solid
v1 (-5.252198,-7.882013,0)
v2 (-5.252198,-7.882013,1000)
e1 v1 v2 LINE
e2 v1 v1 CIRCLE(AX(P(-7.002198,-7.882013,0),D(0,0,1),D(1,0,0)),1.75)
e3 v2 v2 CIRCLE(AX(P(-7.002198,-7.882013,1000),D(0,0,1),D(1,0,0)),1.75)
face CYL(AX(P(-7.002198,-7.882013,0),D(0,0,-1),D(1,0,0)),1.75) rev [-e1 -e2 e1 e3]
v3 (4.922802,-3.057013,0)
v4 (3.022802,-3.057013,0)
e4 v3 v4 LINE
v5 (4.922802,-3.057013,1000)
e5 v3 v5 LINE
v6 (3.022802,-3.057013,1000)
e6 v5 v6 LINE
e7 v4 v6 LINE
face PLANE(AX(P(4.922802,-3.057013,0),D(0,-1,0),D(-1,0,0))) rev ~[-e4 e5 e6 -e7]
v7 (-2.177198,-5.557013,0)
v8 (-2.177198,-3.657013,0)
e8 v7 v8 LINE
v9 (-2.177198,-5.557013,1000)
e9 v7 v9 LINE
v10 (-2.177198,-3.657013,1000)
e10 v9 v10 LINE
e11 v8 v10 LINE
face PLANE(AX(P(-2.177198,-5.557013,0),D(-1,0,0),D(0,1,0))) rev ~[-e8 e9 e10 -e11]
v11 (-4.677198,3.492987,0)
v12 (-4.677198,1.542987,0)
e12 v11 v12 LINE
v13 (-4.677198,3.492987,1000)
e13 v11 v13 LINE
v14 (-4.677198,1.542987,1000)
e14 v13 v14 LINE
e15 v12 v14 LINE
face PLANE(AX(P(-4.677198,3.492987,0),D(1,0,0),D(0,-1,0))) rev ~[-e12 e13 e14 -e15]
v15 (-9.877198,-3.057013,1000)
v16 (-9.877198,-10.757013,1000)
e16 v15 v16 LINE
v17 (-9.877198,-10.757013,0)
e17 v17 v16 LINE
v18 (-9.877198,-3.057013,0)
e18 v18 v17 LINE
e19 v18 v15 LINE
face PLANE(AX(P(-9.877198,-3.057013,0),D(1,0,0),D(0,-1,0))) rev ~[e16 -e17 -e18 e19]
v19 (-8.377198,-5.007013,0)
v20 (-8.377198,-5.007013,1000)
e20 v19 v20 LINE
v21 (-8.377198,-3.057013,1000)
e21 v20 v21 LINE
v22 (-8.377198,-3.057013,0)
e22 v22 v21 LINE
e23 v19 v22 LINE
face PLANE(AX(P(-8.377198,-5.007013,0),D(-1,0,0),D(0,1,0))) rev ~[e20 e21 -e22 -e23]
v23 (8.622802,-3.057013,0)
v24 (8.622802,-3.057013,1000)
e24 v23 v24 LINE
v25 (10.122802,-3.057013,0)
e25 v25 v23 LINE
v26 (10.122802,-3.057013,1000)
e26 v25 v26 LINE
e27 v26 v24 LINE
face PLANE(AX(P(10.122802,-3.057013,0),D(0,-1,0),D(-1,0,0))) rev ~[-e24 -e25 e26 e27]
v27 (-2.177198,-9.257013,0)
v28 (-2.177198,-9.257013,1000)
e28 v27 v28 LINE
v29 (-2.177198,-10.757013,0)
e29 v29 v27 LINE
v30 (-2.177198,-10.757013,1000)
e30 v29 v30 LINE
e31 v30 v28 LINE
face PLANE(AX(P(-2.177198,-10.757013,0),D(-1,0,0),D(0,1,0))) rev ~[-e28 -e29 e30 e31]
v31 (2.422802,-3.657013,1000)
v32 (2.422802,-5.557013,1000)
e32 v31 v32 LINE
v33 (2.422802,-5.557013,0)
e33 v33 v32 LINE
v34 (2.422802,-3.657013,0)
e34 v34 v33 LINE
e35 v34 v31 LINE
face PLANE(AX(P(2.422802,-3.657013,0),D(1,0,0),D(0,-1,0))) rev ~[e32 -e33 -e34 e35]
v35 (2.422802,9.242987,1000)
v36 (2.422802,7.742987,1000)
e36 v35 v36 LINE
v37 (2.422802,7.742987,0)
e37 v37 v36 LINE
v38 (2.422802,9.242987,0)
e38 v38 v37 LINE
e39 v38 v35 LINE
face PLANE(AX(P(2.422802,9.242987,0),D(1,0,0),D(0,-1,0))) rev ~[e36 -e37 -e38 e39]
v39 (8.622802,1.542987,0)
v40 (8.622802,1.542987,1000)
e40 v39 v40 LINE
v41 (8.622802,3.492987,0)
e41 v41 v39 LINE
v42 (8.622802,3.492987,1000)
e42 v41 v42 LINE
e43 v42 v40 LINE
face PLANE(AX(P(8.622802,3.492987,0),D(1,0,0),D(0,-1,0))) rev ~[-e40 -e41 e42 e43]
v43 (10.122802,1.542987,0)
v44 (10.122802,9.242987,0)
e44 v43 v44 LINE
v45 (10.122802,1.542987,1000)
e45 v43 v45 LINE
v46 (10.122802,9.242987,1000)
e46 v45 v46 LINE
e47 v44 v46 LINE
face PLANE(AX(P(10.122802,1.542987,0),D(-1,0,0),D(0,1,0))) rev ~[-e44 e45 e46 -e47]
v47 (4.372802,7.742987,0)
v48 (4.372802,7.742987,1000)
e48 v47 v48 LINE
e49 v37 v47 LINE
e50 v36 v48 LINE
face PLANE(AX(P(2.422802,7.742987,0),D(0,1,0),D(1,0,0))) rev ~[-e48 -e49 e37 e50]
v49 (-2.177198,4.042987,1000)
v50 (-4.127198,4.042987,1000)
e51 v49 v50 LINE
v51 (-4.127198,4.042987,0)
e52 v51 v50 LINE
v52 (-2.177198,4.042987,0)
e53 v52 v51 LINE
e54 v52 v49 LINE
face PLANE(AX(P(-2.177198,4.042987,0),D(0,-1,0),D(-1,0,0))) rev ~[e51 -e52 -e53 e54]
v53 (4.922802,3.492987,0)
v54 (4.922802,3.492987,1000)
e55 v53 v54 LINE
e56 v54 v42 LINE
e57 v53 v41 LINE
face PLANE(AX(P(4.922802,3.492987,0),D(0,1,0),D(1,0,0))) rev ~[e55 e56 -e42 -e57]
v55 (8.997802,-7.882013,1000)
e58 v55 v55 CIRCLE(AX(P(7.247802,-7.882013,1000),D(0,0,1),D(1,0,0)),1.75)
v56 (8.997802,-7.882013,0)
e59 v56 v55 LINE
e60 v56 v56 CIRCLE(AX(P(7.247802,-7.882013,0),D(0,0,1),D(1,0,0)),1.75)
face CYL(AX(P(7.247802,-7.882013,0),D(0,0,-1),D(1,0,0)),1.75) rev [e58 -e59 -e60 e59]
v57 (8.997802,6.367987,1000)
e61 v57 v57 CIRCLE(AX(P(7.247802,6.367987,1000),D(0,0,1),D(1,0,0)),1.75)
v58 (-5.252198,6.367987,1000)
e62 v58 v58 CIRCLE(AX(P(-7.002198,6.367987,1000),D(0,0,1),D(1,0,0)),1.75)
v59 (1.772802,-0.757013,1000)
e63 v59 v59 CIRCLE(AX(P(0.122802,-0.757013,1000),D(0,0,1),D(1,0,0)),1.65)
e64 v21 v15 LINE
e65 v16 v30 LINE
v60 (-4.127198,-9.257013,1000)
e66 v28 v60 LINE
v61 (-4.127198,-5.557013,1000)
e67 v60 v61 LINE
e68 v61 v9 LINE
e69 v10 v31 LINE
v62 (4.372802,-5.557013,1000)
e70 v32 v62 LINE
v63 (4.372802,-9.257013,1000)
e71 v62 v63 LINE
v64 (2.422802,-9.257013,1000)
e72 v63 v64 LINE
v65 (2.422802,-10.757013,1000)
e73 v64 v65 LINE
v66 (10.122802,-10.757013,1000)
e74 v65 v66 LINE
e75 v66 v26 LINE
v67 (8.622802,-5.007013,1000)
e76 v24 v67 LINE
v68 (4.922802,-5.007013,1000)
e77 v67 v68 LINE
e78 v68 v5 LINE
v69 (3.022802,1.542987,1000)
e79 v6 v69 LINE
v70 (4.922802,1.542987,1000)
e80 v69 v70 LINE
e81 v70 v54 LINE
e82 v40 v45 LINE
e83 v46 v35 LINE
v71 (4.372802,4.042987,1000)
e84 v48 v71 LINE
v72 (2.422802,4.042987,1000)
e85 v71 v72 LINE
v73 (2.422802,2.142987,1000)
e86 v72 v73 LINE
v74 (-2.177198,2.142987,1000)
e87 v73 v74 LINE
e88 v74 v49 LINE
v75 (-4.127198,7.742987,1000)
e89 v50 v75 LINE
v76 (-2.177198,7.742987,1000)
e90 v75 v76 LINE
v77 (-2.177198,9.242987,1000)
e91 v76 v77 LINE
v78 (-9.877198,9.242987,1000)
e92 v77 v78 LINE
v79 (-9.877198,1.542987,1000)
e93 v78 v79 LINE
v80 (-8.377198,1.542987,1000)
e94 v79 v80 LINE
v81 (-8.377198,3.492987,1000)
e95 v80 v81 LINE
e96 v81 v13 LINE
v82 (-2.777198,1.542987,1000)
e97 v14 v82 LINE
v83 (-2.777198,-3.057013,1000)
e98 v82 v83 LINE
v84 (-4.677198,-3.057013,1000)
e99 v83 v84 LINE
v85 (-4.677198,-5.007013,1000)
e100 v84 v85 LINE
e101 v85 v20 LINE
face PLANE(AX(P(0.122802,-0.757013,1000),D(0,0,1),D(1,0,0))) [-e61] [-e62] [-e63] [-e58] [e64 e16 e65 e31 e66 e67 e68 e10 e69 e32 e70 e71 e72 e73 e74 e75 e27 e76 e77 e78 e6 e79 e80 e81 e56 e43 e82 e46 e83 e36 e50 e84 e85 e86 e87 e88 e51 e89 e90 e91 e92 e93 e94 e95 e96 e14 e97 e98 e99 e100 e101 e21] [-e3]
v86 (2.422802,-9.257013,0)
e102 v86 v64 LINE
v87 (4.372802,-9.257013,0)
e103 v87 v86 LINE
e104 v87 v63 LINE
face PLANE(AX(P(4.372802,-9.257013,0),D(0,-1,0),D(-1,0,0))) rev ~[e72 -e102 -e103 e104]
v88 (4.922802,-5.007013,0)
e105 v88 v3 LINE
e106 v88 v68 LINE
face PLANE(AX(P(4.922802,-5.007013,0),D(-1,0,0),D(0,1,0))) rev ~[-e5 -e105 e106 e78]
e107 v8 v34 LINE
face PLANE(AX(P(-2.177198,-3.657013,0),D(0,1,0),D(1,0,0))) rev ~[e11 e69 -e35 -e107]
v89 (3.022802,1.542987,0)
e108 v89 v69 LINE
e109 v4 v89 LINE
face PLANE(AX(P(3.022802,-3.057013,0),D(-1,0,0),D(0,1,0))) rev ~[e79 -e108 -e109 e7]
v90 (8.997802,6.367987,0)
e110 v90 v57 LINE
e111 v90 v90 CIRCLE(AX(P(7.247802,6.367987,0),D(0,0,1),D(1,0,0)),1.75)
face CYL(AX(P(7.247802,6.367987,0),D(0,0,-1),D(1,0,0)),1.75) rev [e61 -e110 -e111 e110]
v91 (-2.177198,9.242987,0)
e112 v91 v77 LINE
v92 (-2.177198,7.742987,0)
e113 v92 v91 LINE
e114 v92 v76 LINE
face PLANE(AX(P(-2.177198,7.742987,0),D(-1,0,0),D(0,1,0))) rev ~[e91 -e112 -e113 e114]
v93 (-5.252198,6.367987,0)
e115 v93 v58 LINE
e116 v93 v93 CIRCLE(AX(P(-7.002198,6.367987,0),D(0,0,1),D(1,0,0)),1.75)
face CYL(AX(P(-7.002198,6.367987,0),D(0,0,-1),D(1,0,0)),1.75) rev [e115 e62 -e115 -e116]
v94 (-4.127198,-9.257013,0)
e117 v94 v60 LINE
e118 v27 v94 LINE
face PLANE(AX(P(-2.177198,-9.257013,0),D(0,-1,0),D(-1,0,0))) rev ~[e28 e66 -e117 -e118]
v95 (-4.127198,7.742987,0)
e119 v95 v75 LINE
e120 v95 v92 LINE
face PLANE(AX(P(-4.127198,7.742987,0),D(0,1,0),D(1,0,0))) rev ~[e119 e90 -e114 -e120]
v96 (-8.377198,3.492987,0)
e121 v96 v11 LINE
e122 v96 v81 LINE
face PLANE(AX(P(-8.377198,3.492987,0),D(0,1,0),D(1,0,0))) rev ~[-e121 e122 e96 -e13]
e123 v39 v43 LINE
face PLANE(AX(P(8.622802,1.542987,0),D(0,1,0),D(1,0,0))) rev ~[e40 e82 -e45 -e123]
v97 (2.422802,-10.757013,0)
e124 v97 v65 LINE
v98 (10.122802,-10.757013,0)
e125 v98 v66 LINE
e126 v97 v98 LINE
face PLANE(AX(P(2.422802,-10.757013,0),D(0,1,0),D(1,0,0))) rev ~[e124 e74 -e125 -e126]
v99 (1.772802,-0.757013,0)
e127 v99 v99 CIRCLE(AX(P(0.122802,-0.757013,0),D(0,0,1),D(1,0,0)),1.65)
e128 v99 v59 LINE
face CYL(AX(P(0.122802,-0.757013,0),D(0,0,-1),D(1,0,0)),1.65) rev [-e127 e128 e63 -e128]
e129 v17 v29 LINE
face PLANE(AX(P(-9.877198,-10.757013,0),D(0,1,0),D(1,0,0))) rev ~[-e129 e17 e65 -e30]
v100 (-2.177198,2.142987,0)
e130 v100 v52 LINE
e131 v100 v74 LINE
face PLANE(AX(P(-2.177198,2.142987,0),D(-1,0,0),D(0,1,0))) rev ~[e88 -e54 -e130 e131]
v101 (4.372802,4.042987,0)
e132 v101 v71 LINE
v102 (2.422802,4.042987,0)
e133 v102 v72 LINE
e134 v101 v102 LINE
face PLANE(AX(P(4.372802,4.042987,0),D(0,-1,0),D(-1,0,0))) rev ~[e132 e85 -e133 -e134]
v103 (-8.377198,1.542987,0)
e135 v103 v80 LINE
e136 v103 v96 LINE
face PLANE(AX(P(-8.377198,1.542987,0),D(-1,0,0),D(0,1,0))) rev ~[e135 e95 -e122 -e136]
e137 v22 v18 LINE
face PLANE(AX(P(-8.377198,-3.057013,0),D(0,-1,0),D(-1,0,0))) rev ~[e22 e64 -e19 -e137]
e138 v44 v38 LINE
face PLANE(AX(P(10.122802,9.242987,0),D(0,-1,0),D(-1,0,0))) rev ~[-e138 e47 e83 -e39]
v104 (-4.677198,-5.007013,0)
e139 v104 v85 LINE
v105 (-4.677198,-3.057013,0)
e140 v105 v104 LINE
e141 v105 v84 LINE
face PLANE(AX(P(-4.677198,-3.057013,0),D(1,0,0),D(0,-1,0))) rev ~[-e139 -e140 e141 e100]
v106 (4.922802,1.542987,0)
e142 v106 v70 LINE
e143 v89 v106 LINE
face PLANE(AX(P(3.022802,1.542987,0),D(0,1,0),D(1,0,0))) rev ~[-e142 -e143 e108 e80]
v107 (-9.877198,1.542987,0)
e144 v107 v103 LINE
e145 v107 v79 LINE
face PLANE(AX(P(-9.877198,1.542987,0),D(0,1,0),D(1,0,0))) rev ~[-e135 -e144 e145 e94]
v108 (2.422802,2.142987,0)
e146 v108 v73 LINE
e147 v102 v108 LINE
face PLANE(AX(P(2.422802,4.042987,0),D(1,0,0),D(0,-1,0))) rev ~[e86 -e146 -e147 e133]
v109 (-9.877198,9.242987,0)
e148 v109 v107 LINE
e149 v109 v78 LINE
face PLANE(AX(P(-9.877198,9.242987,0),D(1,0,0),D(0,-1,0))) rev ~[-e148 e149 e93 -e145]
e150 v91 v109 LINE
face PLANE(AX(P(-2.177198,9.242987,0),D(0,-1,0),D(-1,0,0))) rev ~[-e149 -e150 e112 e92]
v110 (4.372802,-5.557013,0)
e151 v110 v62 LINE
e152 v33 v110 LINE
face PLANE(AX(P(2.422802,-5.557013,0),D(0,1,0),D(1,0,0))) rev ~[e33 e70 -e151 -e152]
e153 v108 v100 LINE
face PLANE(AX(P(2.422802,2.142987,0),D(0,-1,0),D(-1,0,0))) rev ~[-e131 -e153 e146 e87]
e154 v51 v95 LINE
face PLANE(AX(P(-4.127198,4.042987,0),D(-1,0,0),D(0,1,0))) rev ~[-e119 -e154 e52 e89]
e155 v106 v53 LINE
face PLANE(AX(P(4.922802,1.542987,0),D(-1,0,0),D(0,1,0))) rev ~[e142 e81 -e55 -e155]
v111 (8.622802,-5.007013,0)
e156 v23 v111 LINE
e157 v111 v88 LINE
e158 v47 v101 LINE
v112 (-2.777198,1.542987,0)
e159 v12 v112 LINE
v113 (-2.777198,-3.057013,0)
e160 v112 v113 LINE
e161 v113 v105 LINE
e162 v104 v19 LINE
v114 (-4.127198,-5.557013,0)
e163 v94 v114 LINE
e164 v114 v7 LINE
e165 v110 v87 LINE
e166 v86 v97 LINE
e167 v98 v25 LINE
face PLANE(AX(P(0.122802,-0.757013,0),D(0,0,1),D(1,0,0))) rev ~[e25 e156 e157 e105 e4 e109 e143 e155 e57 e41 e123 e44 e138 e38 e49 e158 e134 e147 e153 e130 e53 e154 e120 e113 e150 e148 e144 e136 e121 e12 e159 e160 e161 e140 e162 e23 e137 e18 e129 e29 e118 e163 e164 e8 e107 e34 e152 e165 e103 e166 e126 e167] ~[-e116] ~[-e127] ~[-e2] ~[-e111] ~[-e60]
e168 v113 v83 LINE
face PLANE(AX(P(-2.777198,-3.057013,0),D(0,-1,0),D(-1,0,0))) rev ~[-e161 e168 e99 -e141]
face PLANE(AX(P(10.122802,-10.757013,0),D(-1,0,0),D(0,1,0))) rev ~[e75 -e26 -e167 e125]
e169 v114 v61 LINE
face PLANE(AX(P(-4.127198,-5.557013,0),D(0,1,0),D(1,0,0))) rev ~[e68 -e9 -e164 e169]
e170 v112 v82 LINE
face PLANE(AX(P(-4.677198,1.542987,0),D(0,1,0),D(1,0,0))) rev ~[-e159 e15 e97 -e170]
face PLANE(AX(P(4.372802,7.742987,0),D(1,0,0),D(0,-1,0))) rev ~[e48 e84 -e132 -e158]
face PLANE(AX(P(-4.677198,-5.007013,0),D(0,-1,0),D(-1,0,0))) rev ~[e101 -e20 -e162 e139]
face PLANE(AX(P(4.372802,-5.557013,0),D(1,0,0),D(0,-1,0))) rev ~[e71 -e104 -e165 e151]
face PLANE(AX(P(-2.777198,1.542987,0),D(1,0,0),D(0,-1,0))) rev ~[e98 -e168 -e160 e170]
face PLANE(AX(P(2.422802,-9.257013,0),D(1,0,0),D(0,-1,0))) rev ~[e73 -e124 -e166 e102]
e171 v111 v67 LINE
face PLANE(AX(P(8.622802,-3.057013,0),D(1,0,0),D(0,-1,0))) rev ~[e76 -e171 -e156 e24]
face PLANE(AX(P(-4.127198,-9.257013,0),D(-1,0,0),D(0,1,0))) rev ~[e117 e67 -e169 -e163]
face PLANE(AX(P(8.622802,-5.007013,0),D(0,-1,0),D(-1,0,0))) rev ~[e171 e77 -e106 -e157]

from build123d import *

# Parameters (mm, degrees)
SKETCH_1_R      = 1.65
SKETCH_1_R_2    = 1.75
EXTRUDE_1_DEPTH = 1000


with BuildPart() as part:
    # 草图1 → 凸台-拉伸1 (new body)
    with BuildSketch(Plane.XY):
        Polygon((-2.177197952, 9.242987377), (-9.877197952, 9.242987377), (-9.877197952, 1.542987377), (-8.377197952, 1.542987377), (-8.377197952, 3.492987377), (-4.677197952, 3.492987377), (-4.677197952, 1.542987377), (-2.777197952, 1.542987377), (-2.777197952, -3.057012623), (-4.677197952, -3.057012623), (-4.677197952, -5.007012623), (-8.377197952, -5.007012623), (-8.377197952, -3.057012623), (-9.877197952, -3.057012623), (-9.877197952, -10.757012623), (-2.177197952, -10.757012623), (-2.177197952, -9.257012623), (-4.127197952, -9.257012623), (-4.127197952, -5.557012623), (-2.177197952, -5.557012623), (-2.177197952, -3.657012623), (2.422802048, -3.657012623), (2.422802048, -5.557012623), (4.372802048, -5.557012623), (4.372802048, -9.257012623), (2.422802048, -9.257012623), (2.422802048, -10.757012623), (10.122802048, -10.757012623), (10.122802048, -3.057012623), (8.622802048, -3.057012623), (8.622802048, -5.007012623), (4.922802048, -5.007012623), (4.922802048, -3.057012623), (3.022802048, -3.057012623), (3.022802048, 1.542987377), (4.922802048, 1.542987377), (4.922802048, 3.492987377), (8.622802048, 3.492987377), (8.622802048, 1.542987377), (10.122802048, 1.542987377), (10.122802048, 9.242987377), (2.422802048, 9.242987377), (2.422802048, 7.742987377), (4.372802048, 7.742987377), (4.372802048, 4.042987377), (2.422802048, 4.042987377), (2.422802048, 2.142987377), (-2.177197952, 2.142987377), (-2.177197952, 4.042987377), (-4.127197952, 4.042987377), (-4.127197952, 7.742987377), (-2.177197952, 7.742987377), align=None)
        with Locations((0.122802048, -0.757012623)):
            Circle(SKETCH_1_R, mode=Mode.SUBTRACT)
        with Locations((-7.002197952, 6.367987377)):
            Circle(SKETCH_1_R_2, mode=Mode.SUBTRACT)
        with Locations((7.247802048, 6.367987377)):
            Circle(SKETCH_1_R_2, mode=Mode.SUBTRACT)
        with Locations((-7.002197952, -7.882012623)):
            Circle(SKETCH_1_R_2, mode=Mode.SUBTRACT)
        with Locations((7.247802048, -7.882012623)):
            Circle(SKETCH_1_R_2, mode=Mode.SUBTRACT)
    extrude(amount=EXTRUDE_1_DEPTH)


solid = part.part
